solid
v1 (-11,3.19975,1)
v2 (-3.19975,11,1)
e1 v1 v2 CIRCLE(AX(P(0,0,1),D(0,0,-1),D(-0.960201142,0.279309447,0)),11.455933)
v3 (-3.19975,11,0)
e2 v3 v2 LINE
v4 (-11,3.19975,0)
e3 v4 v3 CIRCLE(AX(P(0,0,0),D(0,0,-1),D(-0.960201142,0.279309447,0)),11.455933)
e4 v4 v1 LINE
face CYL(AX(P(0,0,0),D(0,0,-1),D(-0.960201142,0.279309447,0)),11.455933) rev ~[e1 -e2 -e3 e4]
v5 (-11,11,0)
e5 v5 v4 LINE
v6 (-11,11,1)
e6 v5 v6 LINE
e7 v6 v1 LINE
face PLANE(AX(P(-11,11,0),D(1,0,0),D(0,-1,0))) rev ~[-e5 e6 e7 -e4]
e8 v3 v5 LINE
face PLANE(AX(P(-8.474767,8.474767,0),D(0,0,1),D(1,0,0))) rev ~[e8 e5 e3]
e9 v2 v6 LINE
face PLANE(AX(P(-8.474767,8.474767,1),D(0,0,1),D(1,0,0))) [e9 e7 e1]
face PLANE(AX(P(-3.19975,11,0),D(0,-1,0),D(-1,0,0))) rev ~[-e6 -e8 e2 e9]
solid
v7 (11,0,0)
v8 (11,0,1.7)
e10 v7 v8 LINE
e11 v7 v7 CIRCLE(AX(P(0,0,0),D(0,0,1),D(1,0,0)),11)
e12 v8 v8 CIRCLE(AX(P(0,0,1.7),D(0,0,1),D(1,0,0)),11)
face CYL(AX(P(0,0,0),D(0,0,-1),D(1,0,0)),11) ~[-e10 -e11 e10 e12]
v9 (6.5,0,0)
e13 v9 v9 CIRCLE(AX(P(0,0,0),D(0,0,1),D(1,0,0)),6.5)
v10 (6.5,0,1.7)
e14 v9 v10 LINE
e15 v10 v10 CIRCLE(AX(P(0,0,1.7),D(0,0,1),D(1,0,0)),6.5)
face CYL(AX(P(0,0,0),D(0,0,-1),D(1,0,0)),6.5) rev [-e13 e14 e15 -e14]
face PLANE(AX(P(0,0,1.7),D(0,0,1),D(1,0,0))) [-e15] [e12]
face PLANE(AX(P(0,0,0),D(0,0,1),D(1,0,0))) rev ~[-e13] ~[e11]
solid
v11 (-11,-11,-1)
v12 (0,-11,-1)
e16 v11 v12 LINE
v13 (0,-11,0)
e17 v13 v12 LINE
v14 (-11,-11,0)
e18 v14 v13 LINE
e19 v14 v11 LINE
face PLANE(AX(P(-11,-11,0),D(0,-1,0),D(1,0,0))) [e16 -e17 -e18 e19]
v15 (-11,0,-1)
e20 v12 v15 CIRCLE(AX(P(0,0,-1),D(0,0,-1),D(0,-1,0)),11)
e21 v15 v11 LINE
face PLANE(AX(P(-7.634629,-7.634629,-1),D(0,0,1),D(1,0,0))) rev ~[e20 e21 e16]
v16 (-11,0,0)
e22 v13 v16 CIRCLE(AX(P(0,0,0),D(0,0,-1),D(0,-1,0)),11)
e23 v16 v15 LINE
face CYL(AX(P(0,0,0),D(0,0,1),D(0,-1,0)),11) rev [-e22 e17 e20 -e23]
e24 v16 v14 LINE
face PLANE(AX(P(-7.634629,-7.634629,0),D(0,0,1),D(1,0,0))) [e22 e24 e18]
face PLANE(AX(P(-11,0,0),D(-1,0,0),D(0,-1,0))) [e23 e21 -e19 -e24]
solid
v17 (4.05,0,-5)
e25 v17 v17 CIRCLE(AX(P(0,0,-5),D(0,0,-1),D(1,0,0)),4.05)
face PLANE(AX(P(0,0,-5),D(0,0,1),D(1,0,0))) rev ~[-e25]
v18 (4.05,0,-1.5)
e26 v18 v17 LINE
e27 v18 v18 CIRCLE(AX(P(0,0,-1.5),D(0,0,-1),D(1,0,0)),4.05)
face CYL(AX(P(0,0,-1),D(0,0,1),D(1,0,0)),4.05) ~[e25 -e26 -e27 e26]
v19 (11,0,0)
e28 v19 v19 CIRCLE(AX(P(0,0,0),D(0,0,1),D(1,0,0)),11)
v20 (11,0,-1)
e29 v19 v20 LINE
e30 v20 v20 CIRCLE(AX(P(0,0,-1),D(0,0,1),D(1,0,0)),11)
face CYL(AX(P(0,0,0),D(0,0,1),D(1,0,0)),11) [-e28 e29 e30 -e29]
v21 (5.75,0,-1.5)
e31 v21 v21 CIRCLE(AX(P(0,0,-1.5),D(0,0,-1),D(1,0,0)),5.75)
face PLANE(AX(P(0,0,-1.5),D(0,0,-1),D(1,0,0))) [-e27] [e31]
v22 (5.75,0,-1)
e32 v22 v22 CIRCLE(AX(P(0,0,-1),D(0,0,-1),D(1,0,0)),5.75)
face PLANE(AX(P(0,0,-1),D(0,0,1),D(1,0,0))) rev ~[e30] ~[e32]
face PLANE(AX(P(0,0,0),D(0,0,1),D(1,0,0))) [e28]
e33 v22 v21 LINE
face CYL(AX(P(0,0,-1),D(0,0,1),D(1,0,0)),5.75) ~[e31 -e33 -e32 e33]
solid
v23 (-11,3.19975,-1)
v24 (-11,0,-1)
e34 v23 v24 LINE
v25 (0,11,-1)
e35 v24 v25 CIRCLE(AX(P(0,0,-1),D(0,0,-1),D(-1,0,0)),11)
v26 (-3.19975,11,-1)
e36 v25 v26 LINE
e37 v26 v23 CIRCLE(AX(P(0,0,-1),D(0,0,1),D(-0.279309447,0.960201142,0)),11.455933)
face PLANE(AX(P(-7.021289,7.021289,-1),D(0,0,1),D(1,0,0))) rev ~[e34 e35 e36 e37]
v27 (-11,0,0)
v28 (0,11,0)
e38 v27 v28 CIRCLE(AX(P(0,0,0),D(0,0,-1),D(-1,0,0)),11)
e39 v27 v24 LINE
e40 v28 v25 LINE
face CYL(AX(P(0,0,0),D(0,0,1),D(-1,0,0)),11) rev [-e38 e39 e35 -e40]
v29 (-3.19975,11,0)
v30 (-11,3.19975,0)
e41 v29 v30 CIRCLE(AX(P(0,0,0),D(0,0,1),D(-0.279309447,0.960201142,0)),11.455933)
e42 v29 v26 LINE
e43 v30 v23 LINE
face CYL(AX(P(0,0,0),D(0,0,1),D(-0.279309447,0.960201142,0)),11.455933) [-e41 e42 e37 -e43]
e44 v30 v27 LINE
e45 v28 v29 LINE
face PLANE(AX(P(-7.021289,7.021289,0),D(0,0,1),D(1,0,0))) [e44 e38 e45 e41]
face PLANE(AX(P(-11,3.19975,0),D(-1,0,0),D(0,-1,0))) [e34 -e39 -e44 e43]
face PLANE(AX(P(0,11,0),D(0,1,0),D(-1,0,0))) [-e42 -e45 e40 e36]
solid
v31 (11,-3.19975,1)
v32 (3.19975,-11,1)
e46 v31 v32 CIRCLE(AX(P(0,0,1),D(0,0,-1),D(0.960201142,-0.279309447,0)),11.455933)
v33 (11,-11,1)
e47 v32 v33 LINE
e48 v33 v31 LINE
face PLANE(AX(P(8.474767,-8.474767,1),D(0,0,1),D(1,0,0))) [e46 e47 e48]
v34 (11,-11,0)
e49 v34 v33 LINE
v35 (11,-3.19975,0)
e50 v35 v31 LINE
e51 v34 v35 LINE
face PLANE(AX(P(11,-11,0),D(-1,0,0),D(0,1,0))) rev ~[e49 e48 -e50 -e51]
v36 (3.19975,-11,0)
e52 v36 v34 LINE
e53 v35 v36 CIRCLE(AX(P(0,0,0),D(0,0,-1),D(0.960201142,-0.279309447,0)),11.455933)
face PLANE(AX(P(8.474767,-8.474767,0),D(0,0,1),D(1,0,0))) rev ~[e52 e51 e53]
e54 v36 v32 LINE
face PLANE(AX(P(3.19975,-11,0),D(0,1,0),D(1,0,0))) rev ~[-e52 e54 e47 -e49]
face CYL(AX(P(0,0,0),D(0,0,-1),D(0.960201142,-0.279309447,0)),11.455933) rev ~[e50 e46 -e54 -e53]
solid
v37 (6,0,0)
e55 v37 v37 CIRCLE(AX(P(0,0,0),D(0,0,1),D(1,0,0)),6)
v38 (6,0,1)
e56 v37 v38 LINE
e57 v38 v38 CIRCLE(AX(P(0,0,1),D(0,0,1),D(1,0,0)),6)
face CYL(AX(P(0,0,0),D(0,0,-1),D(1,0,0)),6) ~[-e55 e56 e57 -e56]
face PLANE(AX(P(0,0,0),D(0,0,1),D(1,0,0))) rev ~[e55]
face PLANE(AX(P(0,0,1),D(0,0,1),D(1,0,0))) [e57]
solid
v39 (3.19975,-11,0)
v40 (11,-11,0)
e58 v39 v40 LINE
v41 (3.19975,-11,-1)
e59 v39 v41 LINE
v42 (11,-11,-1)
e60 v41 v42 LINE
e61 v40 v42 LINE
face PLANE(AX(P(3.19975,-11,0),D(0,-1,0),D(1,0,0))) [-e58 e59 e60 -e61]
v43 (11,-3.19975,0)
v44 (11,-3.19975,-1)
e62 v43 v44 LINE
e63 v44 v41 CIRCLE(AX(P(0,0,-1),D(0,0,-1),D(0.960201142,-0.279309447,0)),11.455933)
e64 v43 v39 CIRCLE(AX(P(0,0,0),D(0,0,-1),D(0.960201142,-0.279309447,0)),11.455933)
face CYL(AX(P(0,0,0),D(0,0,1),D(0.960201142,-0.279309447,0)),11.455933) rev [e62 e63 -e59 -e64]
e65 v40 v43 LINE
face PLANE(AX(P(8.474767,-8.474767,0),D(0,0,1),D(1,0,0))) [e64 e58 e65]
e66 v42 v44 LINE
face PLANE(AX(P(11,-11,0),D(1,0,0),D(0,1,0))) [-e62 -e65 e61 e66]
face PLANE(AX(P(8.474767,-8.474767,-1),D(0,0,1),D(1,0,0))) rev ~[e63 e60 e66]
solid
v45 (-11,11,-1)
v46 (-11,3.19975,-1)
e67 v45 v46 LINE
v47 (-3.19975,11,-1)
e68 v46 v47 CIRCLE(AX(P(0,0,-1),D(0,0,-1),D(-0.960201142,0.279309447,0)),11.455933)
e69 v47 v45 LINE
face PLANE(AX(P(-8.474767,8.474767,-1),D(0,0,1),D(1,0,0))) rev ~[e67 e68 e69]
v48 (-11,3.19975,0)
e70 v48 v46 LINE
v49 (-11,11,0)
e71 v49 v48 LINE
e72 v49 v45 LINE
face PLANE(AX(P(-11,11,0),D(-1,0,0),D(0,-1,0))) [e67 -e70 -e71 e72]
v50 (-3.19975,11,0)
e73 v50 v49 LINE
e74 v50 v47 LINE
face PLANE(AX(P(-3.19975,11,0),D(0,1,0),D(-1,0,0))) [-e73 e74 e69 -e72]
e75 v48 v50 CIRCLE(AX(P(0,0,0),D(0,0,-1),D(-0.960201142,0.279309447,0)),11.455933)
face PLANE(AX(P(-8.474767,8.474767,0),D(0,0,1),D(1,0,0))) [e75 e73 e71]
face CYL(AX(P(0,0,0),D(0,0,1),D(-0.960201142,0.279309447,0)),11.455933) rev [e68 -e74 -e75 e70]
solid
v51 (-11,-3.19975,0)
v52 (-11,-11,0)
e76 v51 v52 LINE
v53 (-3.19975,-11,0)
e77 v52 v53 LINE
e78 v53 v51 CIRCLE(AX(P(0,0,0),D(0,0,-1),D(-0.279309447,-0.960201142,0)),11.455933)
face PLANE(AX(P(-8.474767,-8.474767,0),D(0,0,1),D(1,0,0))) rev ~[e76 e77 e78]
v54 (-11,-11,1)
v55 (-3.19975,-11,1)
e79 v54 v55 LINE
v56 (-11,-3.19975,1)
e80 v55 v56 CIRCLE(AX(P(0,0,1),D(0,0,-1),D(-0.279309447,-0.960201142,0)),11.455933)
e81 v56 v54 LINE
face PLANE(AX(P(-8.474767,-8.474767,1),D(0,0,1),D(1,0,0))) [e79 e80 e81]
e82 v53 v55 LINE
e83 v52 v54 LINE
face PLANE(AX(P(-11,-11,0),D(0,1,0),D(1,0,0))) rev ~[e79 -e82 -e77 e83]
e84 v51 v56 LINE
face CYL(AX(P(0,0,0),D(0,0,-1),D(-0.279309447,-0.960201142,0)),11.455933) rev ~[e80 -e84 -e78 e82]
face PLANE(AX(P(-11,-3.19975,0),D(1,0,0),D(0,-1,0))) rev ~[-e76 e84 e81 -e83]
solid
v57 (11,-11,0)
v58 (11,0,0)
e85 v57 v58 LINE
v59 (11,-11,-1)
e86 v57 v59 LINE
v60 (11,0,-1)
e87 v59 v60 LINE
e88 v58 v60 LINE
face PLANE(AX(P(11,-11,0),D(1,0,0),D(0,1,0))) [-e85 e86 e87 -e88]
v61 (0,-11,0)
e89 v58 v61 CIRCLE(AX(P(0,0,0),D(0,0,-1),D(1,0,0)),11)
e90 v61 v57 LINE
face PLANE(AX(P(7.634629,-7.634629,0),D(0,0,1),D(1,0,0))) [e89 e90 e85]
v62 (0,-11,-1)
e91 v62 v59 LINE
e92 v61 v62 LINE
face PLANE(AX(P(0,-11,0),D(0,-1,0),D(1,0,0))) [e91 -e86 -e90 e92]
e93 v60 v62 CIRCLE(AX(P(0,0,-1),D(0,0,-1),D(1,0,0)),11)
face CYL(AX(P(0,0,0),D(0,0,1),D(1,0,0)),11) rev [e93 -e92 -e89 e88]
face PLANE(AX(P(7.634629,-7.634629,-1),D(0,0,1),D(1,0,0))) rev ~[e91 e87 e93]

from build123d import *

# Parameters (mm, degrees)
F0_R     = 11
F0_R_2   = 6.5
F1_DEPTH = 1.7
F2_DEPTH = 1
F0_R_3   = 6
F4_DEPTH = 1
F5_R     = 5.75
F5_R_2   = 4.05
F6_DEPTH = 0.5
F7_DEPTH = 4


with BuildPart() as f1:
    # F0 (on Top) → F1 (new body)
    with BuildSketch(Plane.XY):
        Circle(F0_R)
        Circle(F0_R_2, mode=Mode.SUBTRACT)
    extrude(amount=F1_DEPTH)


with BuildPart() as f2:
    # F0 (on Top) → F2 (new body)
    with BuildSketch(Plane.XY):
        with BuildLine():
            Line((-11, 11), (-11, 3.1997503247))
            ThreePointArc((-11, 3.1997503247), (-8.1005679474, 8.1005679474), (-3.1997503247, 11))
            Line((-3.1997503247, 11), (-11, 11))
        make_face()
    extrude(amount=F2_DEPTH)


with BuildPart() as f2b:
    # F0 (on Top) → F2, piece 2 (new body)
    with BuildSketch(Plane.XY):
        Circle(F0_R_3)
    extrude(amount=F2_DEPTH)


with BuildPart() as f2c:
    # F0 (on Top) → F2, piece 3 (new body)
    with BuildSketch(Plane.XY):
        with BuildLine():
            ThreePointArc((-3.1997503247, -11), (-8.1005679474, -8.1005679474), (-11, -3.1997503247))
            Line((-11, -3.1997503247), (-11, -11))
            Line((-11, -11), (-3.1997503247, -11))
        make_face()
    extrude(amount=F2_DEPTH)


with BuildPart() as f2d:
    # F0 (on Top) → F2, piece 4 (new body)
    with BuildSketch(Plane.XY):
        with BuildLine():
            ThreePointArc((11, -3.1997503247), (8.1005679474, -8.1005679474), (3.1997503247, -11))
            Line((3.1997503247, -11), (11, -11))
            Line((11, -11), (11, -3.1997503247))
        make_face()
    extrude(amount=F2_DEPTH)


with BuildPart() as f4:
    # F0 (on Top) → F4 (new body)
    with BuildSketch(Plane.XY):
        with BuildLine():
            Line((-11, 11), (-11, 3.1997503247))
            ThreePointArc((-11, 3.1997503247), (-8.1005679474, 8.1005679474), (-3.1997503247, 11))
            Line((-3.1997503247, 11), (-11, 11))
        make_face()
    extrude(amount=-F4_DEPTH)


with BuildPart() as f4b:
    # F0 (on Top) → F4, piece 2 (new body)
    with BuildSketch(Plane.XY):
        Circle(F0_R)
        Circle(F0_R_2, mode=Mode.SUBTRACT)
        Circle(F0_R_2)
        Circle(F0_R_3, mode=Mode.SUBTRACT)
        Circle(F0_R_3)
    extrude(amount=-F4_DEPTH)

    # F5 (on face) → F6 (join)
    with BuildSketch(Plane(origin=(0, 0, -1), x_dir=(1, 0, 0), z_dir=(0, 0, -1))):
        Circle(F5_R)
        Circle(F5_R_2, mode=Mode.SUBTRACT)
    extrude(amount=F6_DEPTH)

    # F7 (add): a face of the model
    f7_faces = [f4b.faces().sort_by_distance(p)[0] for p in [
        (0, 0, -1),
    ]]
    extrude(f7_faces, amount=F7_DEPTH)


with BuildPart() as f4c:
    # F0 (on Top) → F4, piece 3 (new body)
    with BuildSketch(Plane.XY):
        with BuildLine():
            ThreePointArc((11, -3.1997503247), (8.1005679474, -8.1005679474), (3.1997503247, -11))
            Line((3.1997503247, -11), (11, -11))
            Line((11, -11), (11, -3.1997503247))
        make_face()
    extrude(amount=-F4_DEPTH)


with BuildPart() as f4d:
    # F3 (on face) → F4, piece 4 (new body)
    with BuildSketch(Plane.XY):
        with BuildLine():
            Line((-11, 3.1997503247), (-11, 0))
            ThreePointArc((-11, 0), (-7.7781745931, 7.7781745931), (0, 11))
            Line((0, 11), (-3.1997503247, 11))
            ThreePointArc((-3.1997503247, 11), (-8.1005679474, 8.1005679474), (-11, 3.1997503247))
        make_face()
    extrude(amount=-F4_DEPTH)


with BuildPart() as f4e:
    # F3 (on face) → F4, piece 5 (new body)
    with BuildSketch(Plane.XY):
        with BuildLine():
            Line((-3.1997503247, -11), (0, -11))
            ThreePointArc((0, -11), (-7.7781745931, -7.7781745931), (-11, 0))
            Line((-11, 0), (-11, -3.1997503247))
            Line((-11, -3.1997503247), (-11, -11))
            Line((-11, -11), (-3.1997503247, -11))
        make_face()
    extrude(amount=-F4_DEPTH)


with BuildPart() as f4f:
    # F3 (on face) → F4, piece 6 (new body)
    with BuildSketch(Plane.XY):
        with BuildLine():
            Line((0, -11), (3.1997503247, -11))
            Line((3.1997503247, -11), (11, -11))
            Line((11, -11), (11, -3.1997503247))
            Line((11, -3.1997503247), (11, 0))
            ThreePointArc((11, 0), (7.7781745931, -7.7781745931), (0, -11))
        make_face()
    extrude(amount=-F4_DEPTH)


solid = Compound([f1.part, f2.part, f2b.part, f2c.part, f2d.part, f4.part, f4b.part, f4c.part, f4d.part, f4e.part, f4f.part])
